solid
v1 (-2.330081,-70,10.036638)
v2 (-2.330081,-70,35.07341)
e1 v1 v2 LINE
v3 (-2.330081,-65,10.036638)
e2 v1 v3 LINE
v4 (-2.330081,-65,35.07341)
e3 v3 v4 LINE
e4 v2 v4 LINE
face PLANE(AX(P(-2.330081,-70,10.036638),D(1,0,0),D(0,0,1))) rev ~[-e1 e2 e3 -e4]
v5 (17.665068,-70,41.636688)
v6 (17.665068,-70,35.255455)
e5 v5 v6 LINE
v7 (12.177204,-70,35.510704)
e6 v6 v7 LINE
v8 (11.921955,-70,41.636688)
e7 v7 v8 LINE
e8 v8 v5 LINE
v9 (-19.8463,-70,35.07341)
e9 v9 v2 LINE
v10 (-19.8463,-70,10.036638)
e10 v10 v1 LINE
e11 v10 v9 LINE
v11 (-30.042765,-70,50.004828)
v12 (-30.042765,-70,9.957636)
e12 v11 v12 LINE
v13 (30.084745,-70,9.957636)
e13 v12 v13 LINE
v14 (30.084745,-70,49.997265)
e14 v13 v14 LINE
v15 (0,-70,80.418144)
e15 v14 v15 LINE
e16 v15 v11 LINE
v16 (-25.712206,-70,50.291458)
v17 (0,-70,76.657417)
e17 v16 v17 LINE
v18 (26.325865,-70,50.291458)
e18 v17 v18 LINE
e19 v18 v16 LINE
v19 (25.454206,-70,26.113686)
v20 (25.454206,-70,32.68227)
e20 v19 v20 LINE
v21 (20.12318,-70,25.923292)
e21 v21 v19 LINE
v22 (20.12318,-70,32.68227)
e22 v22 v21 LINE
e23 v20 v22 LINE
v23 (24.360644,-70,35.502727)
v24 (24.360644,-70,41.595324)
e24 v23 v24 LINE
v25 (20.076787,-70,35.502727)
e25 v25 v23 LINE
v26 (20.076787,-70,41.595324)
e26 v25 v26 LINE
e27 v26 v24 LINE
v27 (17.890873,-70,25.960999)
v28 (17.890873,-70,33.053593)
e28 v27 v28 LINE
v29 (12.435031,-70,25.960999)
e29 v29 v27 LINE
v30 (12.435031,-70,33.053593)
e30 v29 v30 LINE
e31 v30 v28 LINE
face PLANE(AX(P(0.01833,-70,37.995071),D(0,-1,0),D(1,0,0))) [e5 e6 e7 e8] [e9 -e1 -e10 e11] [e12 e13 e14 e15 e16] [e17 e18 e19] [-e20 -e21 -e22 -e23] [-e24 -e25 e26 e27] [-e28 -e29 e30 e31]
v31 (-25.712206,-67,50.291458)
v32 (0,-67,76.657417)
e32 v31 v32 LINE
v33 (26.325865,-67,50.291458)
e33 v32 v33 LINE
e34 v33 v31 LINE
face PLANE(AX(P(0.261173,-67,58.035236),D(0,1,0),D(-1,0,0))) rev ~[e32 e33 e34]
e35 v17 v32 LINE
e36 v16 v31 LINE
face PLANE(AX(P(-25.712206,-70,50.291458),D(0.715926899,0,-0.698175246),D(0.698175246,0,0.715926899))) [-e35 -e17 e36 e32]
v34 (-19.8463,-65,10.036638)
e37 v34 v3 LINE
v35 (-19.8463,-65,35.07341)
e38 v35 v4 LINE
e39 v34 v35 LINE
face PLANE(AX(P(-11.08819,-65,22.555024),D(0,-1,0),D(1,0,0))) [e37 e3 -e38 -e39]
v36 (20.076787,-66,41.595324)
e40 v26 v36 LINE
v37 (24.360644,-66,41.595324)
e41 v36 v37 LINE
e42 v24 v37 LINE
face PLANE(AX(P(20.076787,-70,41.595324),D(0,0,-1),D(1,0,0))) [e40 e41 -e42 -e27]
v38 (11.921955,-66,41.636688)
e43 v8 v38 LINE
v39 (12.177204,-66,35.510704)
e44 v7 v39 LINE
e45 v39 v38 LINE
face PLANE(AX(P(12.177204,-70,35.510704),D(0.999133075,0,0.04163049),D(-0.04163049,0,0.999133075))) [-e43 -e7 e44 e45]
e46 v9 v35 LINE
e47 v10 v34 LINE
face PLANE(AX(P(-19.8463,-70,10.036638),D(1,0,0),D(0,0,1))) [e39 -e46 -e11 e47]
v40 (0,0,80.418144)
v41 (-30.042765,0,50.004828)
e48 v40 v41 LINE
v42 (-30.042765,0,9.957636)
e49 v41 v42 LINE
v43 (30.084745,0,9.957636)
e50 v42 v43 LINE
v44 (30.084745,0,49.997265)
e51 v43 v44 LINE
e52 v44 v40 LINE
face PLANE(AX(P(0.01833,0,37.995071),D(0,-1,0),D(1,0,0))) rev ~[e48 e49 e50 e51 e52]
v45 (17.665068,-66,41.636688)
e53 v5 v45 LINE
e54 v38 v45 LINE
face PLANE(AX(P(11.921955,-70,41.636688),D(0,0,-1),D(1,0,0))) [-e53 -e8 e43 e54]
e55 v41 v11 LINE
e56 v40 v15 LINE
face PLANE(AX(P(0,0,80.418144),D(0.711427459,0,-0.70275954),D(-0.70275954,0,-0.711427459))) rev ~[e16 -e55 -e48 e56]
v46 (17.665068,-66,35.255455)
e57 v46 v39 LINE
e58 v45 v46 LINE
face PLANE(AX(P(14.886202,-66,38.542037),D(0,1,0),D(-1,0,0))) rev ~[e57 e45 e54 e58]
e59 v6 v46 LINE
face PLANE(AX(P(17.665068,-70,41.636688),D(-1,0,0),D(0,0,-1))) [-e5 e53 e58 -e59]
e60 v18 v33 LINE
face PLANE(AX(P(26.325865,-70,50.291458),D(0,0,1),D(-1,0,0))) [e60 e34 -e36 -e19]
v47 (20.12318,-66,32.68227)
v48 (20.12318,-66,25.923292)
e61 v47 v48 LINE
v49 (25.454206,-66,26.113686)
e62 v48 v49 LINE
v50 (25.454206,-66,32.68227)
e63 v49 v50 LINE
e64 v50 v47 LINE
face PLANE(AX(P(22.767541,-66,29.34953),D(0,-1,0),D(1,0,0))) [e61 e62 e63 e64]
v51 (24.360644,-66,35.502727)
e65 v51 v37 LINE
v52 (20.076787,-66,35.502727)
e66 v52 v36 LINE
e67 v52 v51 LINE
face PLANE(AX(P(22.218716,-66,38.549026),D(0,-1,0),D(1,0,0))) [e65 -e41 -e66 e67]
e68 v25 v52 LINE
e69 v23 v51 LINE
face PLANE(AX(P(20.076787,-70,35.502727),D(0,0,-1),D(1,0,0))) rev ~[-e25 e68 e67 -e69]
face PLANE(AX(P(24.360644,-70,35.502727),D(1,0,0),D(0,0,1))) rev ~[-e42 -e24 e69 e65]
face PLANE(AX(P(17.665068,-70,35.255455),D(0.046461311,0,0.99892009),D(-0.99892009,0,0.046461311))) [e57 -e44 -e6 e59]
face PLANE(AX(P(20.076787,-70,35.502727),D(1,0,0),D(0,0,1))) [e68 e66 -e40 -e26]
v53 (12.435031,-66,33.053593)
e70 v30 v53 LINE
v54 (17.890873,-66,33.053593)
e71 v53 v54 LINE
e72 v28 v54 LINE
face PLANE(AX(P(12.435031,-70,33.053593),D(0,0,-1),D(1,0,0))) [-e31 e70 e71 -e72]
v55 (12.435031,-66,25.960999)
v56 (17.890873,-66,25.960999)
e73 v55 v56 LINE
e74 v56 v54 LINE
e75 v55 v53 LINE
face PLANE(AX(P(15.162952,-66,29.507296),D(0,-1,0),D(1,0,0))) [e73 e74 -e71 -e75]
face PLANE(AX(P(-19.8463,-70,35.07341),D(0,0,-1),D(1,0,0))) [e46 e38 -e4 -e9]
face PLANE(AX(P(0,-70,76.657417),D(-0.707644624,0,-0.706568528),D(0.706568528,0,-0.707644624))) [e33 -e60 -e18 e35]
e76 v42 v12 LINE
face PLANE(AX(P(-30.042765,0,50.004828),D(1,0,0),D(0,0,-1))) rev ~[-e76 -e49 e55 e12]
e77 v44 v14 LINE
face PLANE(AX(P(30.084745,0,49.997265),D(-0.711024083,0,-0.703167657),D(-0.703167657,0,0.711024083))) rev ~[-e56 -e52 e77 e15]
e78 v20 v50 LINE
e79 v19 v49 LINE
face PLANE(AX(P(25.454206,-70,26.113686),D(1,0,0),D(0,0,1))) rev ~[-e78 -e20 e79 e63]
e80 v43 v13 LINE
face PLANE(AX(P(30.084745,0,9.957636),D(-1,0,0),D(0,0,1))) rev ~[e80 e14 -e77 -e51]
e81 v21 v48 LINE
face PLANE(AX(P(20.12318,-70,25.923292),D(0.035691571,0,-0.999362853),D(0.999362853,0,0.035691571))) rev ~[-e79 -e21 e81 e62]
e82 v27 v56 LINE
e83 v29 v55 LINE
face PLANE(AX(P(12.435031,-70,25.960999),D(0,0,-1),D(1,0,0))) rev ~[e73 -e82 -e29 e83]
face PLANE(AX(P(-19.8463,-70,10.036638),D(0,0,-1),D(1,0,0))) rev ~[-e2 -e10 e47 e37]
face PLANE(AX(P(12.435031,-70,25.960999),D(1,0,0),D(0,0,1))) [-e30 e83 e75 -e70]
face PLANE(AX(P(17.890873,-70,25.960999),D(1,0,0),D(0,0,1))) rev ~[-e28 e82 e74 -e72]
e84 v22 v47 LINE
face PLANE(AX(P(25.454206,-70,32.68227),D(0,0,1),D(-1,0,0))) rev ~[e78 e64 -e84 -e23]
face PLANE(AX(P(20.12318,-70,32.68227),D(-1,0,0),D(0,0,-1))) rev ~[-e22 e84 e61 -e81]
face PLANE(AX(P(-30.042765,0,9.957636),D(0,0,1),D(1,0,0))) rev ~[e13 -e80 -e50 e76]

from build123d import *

# Parameters (mm, degrees)
PAD_DEPTH       = 70
POCKET_DEPTH    = 3
SKETCH002_W     = 17.516219
SKETCH002_H     = 25.036772
POCKET001_DEPTH = 5
POCKET002_DEPTH = 4
SKETCH004_W     = 4.283857
SKETCH004_H     = 6.092597
POCKET003_DEPTH = 4
SKETCH005_W     = 5.455842
SKETCH005_H     = 7.092594
POCKET004_DEPTH = 4
POCKET005_DEPTH = 4


with BuildPart() as part:
    # Sketch → Pad (new body)
    with BuildSketch(Plane.XZ):
        Polygon((-30.042765, 9.957636), (30.084745, 9.957636), (30.084745, 49.997265), (0, 80.418144), (-30.042765, 50.004828), align=None)
    extrude(amount=PAD_DEPTH)

    # Sketch001 (on Face7 of Pad) → Pocket (cut)
    with BuildSketch(Plane.XZ.offset(70)):
        Polygon((-25.712206, 50.291458), (0, 76.657417), (26.325865, 50.291458), align=None)
    extrude(amount=-POCKET_DEPTH, mode=Mode.SUBTRACT)

    # Sketch002 (on Face5 of Pocket) → Pocket001 (cut)
    with BuildSketch(Plane.XZ.offset(70)):
        with Locations((-11.08819, 22.555024)):
            Rectangle(SKETCH002_W, SKETCH002_H)
    extrude(amount=-POCKET001_DEPTH, mode=Mode.SUBTRACT)

    # Sketch003 (on Face5 of Pocket001) → Pocket002 (cut)
    with BuildSketch(Plane.XZ.offset(70)):
        Polygon((12.177204, 35.510704), (11.921955, 41.636688), (17.665068, 41.636688), (17.665068, 35.255455), align=None)
    extrude(amount=-POCKET002_DEPTH, mode=Mode.SUBTRACT)

    # Sketch004 (on Face5 of Pocket002) → Pocket003 (cut)
    with BuildSketch(Plane.XZ.offset(70)):
        with Locations((22.218716, 38.549026)):
            Rectangle(SKETCH004_W, SKETCH004_H)
    extrude(amount=-POCKET003_DEPTH, mode=Mode.SUBTRACT)

    # Sketch005 (on Face5 of Pocket003) → Pocket004 (cut)
    with BuildSketch(Plane.XZ.offset(70)):
        with Locations((15.162952, 29.507296)):
            Rectangle(SKETCH005_W, SKETCH005_H)
    extrude(amount=-POCKET004_DEPTH, mode=Mode.SUBTRACT)

    # Sketch006 (on Face5 of Pocket004) → Pocket005 (cut)
    with BuildSketch(Plane.XZ.offset(70)):
        Polygon((20.12318, 32.68227), (20.12318, 25.923292), (25.454206, 26.113686), (25.454206, 32.68227), align=None)
    extrude(amount=-POCKET005_DEPTH, mode=Mode.SUBTRACT)


solid = part.part
